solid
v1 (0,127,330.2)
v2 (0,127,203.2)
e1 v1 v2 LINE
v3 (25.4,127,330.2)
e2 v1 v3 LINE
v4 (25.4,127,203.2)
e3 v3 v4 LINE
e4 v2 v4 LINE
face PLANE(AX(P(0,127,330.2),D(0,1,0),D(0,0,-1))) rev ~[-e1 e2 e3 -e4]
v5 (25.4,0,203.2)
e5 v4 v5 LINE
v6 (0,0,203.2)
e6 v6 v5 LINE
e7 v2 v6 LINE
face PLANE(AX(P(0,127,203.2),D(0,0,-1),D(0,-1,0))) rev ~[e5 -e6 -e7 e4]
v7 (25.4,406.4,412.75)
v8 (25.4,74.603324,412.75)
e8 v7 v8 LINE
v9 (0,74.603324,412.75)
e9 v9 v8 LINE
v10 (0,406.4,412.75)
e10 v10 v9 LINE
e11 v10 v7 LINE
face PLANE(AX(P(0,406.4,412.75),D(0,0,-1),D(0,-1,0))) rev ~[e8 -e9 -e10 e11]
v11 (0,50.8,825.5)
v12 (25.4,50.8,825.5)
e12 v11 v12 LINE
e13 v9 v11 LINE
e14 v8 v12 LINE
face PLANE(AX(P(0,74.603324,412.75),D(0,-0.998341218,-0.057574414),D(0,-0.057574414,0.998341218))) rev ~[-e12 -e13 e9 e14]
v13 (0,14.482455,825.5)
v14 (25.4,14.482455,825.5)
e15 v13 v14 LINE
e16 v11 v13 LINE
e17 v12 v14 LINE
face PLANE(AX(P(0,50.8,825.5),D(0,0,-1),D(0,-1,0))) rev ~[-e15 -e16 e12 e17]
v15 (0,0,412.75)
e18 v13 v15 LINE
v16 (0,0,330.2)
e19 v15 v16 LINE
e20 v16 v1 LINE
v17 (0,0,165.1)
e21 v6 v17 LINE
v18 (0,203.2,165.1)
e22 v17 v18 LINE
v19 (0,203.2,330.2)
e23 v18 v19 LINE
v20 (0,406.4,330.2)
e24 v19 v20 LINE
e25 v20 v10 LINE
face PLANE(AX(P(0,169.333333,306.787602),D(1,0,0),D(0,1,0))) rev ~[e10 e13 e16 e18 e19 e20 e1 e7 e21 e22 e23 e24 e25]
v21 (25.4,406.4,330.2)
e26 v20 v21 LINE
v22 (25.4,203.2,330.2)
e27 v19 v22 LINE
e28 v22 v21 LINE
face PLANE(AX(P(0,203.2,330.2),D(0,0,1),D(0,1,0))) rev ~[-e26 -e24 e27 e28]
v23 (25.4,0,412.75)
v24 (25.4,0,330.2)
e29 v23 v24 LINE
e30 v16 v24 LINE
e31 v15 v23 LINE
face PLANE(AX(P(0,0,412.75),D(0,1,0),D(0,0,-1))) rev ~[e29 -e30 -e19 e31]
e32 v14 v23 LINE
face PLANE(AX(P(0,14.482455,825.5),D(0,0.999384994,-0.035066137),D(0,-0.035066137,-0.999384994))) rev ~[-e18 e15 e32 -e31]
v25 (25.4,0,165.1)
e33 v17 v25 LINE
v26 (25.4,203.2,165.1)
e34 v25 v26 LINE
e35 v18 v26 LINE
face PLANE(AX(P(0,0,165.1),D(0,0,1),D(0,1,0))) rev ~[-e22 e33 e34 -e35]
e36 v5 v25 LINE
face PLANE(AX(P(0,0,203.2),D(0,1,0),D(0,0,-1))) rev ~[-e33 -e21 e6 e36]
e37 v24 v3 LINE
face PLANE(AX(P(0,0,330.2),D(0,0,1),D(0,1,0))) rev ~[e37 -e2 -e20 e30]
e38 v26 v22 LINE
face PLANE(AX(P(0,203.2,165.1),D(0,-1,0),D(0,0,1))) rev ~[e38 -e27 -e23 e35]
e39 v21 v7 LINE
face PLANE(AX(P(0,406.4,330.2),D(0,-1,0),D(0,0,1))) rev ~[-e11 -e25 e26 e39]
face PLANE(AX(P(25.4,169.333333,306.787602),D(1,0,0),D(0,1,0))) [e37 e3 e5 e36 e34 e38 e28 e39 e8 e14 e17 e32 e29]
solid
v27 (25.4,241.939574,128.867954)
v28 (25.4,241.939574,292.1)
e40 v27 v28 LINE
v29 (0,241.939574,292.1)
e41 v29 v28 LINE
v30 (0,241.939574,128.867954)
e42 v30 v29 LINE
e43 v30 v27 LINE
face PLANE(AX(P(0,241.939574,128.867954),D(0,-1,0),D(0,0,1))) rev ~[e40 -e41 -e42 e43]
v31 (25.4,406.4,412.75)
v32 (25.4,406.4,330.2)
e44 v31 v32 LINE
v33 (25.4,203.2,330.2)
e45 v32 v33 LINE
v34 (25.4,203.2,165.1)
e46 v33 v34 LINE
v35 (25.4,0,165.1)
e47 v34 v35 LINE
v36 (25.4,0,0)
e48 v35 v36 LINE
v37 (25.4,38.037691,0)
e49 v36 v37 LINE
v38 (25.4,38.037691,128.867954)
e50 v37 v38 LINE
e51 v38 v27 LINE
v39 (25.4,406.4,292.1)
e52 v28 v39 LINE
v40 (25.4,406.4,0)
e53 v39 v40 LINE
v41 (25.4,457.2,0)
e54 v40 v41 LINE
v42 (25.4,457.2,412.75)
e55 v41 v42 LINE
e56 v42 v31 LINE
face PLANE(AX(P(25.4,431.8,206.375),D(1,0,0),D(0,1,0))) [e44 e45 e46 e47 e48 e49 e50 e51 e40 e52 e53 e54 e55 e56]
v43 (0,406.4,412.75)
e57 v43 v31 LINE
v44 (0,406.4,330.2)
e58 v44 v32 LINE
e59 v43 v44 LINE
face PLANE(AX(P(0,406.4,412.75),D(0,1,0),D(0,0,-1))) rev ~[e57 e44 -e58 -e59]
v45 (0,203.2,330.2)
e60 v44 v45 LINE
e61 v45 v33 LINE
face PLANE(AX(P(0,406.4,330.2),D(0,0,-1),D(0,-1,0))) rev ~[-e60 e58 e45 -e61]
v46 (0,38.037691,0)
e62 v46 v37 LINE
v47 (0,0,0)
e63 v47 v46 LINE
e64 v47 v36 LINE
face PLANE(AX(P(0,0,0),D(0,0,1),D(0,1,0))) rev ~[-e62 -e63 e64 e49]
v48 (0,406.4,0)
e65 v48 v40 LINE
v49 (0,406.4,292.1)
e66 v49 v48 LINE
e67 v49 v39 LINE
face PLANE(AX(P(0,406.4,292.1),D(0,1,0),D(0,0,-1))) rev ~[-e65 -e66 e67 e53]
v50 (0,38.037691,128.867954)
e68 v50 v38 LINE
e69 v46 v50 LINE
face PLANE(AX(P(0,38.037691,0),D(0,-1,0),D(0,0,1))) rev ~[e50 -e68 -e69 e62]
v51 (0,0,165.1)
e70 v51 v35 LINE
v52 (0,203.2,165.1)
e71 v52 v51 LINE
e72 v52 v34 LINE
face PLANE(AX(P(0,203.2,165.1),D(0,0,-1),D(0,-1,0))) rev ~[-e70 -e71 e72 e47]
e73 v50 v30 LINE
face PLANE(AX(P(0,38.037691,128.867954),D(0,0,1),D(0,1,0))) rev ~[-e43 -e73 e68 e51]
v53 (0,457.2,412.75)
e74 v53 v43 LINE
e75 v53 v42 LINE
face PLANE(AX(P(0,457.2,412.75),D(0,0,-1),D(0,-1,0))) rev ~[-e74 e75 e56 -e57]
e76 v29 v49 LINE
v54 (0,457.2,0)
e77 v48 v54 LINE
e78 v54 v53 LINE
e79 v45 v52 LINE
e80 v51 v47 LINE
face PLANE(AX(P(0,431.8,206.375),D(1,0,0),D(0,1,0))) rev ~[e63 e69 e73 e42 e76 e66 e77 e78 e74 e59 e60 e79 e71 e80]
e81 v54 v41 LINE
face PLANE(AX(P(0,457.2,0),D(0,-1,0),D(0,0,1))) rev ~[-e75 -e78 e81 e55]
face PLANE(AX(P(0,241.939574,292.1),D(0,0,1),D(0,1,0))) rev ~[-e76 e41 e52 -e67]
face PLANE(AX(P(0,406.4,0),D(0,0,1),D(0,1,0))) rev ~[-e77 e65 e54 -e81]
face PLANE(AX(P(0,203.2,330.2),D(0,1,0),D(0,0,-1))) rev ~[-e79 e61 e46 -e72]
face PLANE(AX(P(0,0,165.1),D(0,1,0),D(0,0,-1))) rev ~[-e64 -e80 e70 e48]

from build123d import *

# Parameters (mm, degrees)
F1_DEPTH = 25.4
F2_DEPTH = 25.4


with BuildPart() as f1:
    # F0 (on Right) → F1 (new body)
    with BuildSketch(Plane.YZ):
        Polygon((0, 203.2), (0, 165.1), (203.2, 165.1), (203.2, 330.2), (406.4, 330.2), (406.4, 412.75), (74.603324, 412.75), (50.8, 412.75), (0, 412.75), (0, 330.2), (127, 330.2), (127, 203.2), align=None)
        Polygon((50.8, 825.5), (50.8, 412.75), (74.603324, 412.75), align=None)
        Polygon((14.482455, 825.5), (0, 412.75), (50.8, 412.75), (50.8, 825.5), align=None)
    extrude(amount=F1_DEPTH)


with BuildPart() as f2:
    # F0 (on Right) → F2 (new body)
    with BuildSketch(Plane.YZ):
        Polygon((406.4, 412.75), (406.4, 330.2), (406.4, 292.1), (406.4, 0), (457.2, 0), (457.2, 412.75), align=None)
        Polygon((0, 165.1), (0, 0), (38.037691, 0), (38.037691, 128.867954), (203.2, 128.867954), (241.939574, 128.867954), (241.939574, 292.1), (406.4, 292.1), (406.4, 330.2), (203.2, 330.2), (203.2, 165.1), align=None)
    extrude(amount=F2_DEPTH)


solid = Compound([f1.part, f2.part])
